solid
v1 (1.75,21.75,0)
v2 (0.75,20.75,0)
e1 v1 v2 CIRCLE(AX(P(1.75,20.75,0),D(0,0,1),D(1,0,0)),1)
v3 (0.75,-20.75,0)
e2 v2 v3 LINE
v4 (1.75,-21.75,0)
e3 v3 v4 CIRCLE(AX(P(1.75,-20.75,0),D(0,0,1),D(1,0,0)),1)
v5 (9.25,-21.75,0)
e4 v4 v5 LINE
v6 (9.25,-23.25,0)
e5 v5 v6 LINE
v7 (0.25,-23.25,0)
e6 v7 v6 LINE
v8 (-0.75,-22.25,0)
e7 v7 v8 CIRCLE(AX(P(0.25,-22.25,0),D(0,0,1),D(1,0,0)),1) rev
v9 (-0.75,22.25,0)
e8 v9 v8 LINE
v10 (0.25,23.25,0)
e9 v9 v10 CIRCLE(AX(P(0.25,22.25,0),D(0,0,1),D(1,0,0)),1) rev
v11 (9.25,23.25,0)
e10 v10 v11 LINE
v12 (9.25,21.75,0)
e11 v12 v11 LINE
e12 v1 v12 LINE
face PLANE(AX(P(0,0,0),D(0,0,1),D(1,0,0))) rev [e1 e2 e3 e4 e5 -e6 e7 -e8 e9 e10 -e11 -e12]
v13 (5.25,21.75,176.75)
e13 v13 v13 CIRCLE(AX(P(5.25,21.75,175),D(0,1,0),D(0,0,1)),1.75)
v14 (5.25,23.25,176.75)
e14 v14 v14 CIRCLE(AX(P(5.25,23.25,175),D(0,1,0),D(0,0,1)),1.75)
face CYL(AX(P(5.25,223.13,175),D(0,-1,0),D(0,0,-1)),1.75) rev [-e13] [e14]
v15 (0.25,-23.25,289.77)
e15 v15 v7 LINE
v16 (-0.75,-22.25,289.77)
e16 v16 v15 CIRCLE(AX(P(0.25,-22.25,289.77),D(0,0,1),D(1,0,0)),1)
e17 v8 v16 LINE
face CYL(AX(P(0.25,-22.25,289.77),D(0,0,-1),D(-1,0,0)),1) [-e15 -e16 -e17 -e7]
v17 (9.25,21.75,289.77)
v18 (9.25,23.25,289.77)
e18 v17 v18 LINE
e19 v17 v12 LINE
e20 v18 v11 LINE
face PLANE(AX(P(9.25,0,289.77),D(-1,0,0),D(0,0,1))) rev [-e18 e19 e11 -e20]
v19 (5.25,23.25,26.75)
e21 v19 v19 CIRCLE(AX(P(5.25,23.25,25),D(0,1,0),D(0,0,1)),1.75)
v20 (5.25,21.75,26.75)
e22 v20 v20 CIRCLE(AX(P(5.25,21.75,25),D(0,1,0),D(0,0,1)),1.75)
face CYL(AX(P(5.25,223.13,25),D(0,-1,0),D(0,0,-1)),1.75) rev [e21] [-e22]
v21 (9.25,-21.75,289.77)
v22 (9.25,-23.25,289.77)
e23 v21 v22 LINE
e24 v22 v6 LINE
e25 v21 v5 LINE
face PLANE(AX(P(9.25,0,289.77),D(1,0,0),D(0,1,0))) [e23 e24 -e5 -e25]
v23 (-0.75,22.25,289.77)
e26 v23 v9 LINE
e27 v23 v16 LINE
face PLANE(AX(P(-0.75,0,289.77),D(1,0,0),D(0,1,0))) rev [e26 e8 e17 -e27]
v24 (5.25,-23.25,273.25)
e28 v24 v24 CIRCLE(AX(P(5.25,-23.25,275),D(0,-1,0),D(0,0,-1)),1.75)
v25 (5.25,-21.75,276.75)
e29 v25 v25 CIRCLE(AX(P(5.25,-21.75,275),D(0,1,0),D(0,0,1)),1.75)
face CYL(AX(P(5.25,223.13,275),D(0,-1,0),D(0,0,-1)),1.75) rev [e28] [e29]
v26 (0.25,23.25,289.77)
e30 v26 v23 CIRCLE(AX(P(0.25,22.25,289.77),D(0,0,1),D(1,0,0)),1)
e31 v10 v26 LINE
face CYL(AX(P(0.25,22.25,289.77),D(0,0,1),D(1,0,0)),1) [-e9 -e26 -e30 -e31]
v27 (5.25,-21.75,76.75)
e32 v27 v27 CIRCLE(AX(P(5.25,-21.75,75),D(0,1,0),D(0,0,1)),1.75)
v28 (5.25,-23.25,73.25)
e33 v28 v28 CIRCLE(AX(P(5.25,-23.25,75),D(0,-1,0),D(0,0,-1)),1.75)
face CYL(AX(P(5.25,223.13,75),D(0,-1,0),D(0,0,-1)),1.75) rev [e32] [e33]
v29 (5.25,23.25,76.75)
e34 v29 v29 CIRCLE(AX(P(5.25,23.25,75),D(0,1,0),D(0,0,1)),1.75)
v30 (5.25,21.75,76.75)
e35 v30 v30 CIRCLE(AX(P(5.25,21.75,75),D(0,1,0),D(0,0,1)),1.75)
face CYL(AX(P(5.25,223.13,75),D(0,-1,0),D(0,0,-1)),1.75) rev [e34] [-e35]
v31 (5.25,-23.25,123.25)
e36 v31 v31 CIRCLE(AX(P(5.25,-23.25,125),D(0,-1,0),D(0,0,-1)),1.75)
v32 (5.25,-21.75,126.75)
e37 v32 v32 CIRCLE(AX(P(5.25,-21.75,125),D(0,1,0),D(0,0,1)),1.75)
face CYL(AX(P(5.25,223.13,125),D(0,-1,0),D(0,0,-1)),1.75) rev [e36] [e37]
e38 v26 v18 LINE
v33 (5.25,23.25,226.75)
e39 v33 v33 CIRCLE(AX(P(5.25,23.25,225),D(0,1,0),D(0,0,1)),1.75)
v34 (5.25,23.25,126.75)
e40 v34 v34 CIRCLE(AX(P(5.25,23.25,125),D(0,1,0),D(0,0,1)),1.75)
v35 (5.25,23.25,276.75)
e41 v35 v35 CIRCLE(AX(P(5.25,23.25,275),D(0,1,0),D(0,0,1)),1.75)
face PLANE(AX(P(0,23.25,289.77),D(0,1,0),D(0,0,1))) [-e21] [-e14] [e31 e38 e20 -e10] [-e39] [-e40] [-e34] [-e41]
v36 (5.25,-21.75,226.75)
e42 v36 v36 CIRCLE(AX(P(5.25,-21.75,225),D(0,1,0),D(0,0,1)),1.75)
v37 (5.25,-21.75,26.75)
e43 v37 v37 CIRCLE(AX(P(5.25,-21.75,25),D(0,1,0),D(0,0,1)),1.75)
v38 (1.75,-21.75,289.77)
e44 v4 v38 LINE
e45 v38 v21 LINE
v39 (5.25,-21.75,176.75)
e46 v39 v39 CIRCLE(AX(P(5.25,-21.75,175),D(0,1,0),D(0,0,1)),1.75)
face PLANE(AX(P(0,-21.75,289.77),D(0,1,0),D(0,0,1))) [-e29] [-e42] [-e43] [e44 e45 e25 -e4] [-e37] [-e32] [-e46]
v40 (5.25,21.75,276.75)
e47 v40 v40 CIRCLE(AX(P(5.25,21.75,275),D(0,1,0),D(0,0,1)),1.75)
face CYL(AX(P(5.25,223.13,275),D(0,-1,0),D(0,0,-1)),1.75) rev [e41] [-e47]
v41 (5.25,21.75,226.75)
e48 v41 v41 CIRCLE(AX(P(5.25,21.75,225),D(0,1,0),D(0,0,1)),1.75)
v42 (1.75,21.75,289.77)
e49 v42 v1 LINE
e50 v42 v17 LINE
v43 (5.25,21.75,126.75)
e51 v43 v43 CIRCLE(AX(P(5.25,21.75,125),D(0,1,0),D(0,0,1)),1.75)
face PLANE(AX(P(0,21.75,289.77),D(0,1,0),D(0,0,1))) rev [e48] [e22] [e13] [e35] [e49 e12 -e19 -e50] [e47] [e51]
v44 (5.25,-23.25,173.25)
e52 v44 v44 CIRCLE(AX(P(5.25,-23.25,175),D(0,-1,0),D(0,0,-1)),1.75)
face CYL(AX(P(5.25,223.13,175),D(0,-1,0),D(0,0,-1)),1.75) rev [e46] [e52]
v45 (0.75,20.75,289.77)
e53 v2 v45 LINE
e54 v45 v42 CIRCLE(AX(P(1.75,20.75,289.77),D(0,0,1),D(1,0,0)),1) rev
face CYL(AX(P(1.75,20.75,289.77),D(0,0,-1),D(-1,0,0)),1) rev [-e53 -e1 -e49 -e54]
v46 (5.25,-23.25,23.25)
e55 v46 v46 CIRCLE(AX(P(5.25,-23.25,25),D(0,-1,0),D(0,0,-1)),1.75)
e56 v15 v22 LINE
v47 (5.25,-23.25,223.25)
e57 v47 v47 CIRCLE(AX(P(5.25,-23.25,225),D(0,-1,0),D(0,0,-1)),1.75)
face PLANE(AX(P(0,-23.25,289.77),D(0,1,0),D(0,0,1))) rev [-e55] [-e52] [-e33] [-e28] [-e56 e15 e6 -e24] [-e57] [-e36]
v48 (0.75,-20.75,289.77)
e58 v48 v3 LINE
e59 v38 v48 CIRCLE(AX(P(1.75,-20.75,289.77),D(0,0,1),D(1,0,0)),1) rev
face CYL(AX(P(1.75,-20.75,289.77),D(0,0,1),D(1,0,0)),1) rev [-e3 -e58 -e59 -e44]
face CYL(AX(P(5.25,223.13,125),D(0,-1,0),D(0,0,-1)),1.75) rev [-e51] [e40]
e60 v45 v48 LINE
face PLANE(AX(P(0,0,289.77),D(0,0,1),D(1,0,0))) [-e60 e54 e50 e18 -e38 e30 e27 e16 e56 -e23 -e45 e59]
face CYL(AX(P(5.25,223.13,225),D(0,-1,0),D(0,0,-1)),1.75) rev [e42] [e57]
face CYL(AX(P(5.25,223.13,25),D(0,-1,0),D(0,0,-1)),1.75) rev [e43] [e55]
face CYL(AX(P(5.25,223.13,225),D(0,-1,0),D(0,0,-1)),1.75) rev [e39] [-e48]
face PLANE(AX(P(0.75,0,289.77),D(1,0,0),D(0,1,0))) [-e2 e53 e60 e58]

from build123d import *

# Parameters (mm, degrees)
SKETCH1_W           = 1.5
SKETCH1_H           = 43.5
BOSS_EXTRUDE1_DEPTH = 289.77
FILLET1_R           = 1
SKETCH3_R           = 1.75
CUT_EXTRUDE1_DEPTH  = 246.38


with BuildPart() as part:
    # Sketch1 → Boss-Extrude1 (new body)
    with BuildSketch(Plane.XY):
        Rectangle(SKETCH1_W, SKETCH1_H)
        Polygon((-0.75, 23.25), (-0.75, 21.75), (0.75, 21.75), (9.25, 21.75), (9.25, 23.25), align=None)
        Polygon((0.75, -21.75), (-0.75, -21.75), (-0.75, -23.25), (9.25, -23.25), (9.25, -21.75), align=None)
    extrude(amount=BOSS_EXTRUDE1_DEPTH)

    # Fillet1
    fillet1_edges = [part.edges().sort_by_distance(p)[0] for p in [
        (0.75, -21.75, 144.885),
        (-0.75, -23.25, 144.885),
        (-0.75, 23.25, 144.885),
        (0.75, 21.75, 144.885),
    ]]
    fillet(fillet1_edges, radius=FILLET1_R)

    # Sketch3 → Cut-Extrude1 (cut)
    with BuildSketch(Plane(origin=(0, -23.25, 0), x_dir=(-1, 0, 0), z_dir=(0, -1, 0))):
        with Locations((-5.25, -25)):
            Circle(SKETCH3_R)
        with Locations((-5.25, -75)):
            Circle(SKETCH3_R)
        with Locations((-5.25, -125)):
            Circle(SKETCH3_R)
        with Locations((-5.25, -175)):
            Circle(SKETCH3_R)
        with Locations((-5.25, -225)):
            Circle(SKETCH3_R)
        with Locations((-5.25, -275)):
            Circle(SKETCH3_R)
    extrude(amount=-CUT_EXTRUDE1_DEPTH, mode=Mode.SUBTRACT)


solid = part.part
